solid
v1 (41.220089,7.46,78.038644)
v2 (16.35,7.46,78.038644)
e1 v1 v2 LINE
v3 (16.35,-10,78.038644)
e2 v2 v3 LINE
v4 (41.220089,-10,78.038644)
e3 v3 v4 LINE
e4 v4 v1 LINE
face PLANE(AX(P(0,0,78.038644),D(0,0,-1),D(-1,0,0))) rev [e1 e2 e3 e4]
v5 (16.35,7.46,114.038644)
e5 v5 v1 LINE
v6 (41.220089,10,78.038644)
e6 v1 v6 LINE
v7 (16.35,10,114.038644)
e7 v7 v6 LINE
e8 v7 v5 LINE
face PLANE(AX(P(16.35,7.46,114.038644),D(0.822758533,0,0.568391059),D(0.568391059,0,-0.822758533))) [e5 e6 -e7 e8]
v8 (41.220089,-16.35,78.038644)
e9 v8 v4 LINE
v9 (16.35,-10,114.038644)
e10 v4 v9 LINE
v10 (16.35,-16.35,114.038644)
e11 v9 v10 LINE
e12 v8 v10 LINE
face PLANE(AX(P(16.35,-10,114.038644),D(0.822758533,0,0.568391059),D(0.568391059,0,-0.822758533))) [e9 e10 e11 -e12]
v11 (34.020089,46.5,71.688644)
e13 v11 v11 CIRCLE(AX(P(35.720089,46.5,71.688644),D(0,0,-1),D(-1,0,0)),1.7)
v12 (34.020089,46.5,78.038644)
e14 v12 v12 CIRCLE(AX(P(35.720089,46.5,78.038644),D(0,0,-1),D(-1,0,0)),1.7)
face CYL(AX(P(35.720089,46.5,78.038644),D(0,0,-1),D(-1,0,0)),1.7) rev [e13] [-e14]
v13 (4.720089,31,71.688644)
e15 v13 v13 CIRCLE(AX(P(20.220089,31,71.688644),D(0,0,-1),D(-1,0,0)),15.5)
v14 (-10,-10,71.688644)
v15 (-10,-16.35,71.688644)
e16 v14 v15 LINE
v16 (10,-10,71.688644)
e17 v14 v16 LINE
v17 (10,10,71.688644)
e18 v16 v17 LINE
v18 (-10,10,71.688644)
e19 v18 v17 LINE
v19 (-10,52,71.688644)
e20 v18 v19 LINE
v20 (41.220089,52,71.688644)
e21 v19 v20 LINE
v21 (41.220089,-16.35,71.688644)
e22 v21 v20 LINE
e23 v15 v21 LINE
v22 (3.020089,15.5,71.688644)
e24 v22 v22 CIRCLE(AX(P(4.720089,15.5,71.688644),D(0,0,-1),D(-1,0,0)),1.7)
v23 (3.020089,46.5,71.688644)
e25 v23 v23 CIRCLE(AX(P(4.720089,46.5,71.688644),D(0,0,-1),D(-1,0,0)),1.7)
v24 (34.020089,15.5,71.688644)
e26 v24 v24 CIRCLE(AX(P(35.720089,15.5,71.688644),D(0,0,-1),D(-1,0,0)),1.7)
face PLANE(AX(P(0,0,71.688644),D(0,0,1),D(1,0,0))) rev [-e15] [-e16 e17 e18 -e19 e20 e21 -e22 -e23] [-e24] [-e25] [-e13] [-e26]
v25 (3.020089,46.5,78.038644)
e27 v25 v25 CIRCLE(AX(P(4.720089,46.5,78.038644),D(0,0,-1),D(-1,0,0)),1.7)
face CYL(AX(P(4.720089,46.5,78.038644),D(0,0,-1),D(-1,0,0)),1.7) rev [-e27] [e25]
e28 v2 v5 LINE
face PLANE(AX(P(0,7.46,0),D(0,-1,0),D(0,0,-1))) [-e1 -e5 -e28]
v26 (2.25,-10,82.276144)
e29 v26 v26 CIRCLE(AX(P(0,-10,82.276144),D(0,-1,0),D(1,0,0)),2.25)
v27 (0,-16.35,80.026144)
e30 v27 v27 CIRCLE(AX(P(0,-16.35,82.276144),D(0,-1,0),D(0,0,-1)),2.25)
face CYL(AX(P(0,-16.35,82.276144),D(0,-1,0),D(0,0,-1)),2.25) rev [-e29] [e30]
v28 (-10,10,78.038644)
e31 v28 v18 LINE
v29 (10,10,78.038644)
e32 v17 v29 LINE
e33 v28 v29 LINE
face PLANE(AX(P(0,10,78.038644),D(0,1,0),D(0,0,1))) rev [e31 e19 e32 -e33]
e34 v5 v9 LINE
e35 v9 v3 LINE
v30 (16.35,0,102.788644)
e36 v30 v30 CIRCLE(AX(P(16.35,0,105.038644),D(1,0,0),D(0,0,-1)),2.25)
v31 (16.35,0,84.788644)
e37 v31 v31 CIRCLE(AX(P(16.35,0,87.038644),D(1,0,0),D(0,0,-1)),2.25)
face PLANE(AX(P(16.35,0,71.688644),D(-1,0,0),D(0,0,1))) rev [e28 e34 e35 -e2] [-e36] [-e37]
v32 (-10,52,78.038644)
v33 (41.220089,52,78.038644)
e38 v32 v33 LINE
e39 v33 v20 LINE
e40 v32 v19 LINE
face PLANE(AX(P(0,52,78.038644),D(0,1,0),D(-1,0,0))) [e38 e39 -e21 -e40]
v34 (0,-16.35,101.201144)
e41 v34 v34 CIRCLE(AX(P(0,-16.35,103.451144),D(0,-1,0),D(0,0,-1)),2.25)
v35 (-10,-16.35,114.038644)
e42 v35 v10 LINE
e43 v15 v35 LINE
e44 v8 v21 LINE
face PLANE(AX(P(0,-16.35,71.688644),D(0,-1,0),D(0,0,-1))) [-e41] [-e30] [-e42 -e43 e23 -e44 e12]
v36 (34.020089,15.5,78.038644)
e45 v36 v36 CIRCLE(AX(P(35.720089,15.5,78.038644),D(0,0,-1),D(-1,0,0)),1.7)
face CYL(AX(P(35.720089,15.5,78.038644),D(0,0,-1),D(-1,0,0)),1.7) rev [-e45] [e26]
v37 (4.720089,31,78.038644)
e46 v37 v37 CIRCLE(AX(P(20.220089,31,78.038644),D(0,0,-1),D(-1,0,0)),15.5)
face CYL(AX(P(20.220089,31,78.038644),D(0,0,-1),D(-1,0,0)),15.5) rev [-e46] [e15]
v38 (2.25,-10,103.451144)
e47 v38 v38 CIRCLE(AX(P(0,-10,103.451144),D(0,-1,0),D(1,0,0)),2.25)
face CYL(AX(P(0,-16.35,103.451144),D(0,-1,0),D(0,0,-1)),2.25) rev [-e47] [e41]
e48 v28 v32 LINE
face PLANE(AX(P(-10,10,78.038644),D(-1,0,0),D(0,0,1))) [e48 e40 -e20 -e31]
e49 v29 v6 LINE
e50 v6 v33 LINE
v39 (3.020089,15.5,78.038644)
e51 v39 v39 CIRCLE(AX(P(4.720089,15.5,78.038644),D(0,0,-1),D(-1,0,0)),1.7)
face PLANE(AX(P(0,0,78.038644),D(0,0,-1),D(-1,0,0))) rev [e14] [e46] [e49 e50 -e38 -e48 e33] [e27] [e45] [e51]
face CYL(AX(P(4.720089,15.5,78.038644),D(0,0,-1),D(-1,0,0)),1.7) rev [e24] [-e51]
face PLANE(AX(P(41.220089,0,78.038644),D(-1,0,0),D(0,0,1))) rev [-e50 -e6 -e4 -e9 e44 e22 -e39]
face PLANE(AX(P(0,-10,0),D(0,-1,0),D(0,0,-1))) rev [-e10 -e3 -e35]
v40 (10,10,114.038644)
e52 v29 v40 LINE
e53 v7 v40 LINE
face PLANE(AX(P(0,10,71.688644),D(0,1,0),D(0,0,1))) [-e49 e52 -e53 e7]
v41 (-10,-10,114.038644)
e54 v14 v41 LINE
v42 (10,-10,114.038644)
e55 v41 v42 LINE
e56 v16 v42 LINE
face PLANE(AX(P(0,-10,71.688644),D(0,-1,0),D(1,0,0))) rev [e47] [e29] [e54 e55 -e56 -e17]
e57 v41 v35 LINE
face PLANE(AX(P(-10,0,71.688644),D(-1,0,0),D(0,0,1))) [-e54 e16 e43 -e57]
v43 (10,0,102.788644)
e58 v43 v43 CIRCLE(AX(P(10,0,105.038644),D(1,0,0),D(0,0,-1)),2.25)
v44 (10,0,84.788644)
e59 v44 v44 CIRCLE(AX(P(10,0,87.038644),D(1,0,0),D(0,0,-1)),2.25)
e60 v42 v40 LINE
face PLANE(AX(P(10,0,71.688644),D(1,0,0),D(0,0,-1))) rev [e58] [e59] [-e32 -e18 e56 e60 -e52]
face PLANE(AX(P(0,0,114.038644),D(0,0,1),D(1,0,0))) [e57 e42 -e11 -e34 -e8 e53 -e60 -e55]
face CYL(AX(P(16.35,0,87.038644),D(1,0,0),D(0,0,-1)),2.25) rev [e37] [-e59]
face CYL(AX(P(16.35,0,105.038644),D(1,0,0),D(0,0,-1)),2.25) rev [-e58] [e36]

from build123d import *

# Parameters (mm, degrees)
SKETCH2_W            = 6.35
SKETCH2_H            = 20
BOSS_EXTRUDE1_DEPTH  = 42.349999882
SKETCH3_R            = 1.7
SKETCH3_W            = 24.870089154
SKETCH3_H            = 26.35
SKETCH3_W_2          = 9.220089154
SKETCH3_H_2          = 42
BOSS_EXTRUDE2_DEPTH  = 6.35
BOSS_EXTRUDE4_DEPTH  = 6.35
M4_CLEARANCE_HOLE1_D = 4.5
M4_CLEARANCE_HOLE2_D = 4.5
BOSS_EXTRUDE5_DEPTH  = 2.54


with BuildPart() as part:
    # Sketch2 → Boss-Extrude1 (new body)
    with BuildSketch(Plane.XY.offset(114.038644373)):
        Polygon((16.35, -10), (10, -10), (-10, -10), (-10, -16.35), (16.35, -16.35), align=None)
        with Locations((13.175, 0)):
            Rectangle(SKETCH2_W, SKETCH2_H)
    extrude(amount=-BOSS_EXTRUDE1_DEPTH)

    # Sketch3 → Boss-Extrude2 (add)
    # profile 1 of 4: a face of its own
    with BuildSketch(Plane(origin=(0, 0, 71.688644491), x_dir=(-1, 0, 0), z_dir=(0, 0, -1))):
        with BuildLine():
            Line((-41.220089154, 10), (-16.35, 10))
            Line((-16.35, 10), (-16.35, 15.990922415))
            ThreePointArc((-16.35, 15.990922415), (-32.472362042, 40.493777386), (-4.720089154, 31))
            ThreePointArc((-4.720089154, 31), (-7.596369472, 22.006018601), (-15.157728044, 16.35))
            Line((-15.157728044, 16.35), (-6.19233234, 16.35))
            ThreePointArc((-6.19233234, 16.35), (-4.720089154, 17.2), (-3.247845967, 16.35))
            Line((-3.247845967, 16.35), (0.779910846, 16.35))
            Line((0.779910846, 16.35), (0.779910846, 52))
            Line((0.779910846, 52), (-41.220089154, 52))
            Line((-41.220089154, 52), (-41.220089154, 10))
        make_face()
        with Locations((-35.720089154, 15.5)):
            Circle(SKETCH3_R, mode=Mode.SUBTRACT)
        with Locations((-35.720089154, 46.5)):
            Circle(SKETCH3_R, mode=Mode.SUBTRACT)
        with Locations((-4.720089154, 46.5)):
            Circle(SKETCH3_R, mode=Mode.SUBTRACT)
    # profile 2 of 4: a face of its own
    with BuildSketch(Plane(origin=(0, 0, 71.688644491), x_dir=(-1, 0, 0), z_dir=(0, 0, -1))):
        with Locations((-28.785044577, -3.175)):
            Rectangle(SKETCH3_W, SKETCH3_H)
    # profile 3 of 4: a face of its own
    with BuildSketch(Plane(origin=(0, 0, 71.688644491), x_dir=(-1, 0, 0), z_dir=(0, 0, -1))):
        with BuildLine():
            Line((-16.35, 15.990922415), (-16.35, 10))
            Line((-16.35, 10), (-10, 10))
            Line((-10, 10), (0.779910846, 10))
            Line((0.779910846, 10), (0.779910846, 16.35))
            Line((0.779910846, 16.35), (-3.247845967, 16.35))
            ThreePointArc((-3.247845967, 16.35), (-3.078015249, 15.939992377), (-3.020089154, 15.5))
            ThreePointArc((-3.020089154, 15.5), (-5.16008153, 13.857926095), (-6.19233234, 16.35))
            Line((-6.19233234, 16.35), (-15.157728044, 16.35))
            ThreePointArc((-15.157728044, 16.35), (-15.750256819, 16.158483942), (-16.35, 15.990922415))
        make_face()
    # profile 4 of 4: a face of its own
    with BuildSketch(Plane(origin=(0, 0, 71.688644491), x_dir=(-1, 0, 0), z_dir=(0, 0, -1))):
        with Locations((5.389955423, 31)):
            Rectangle(SKETCH3_W_2, SKETCH3_H_2)
    extrude(amount=-BOSS_EXTRUDE2_DEPTH)

    # Sketch4 → Boss-Extrude4 (add)
    with BuildSketch(Plane.XZ.offset(16.35)):
        Polygon((16.35, 114.038644373), (41.220089154, 78.038644491), (16.35, 78.038644491), align=None)
    extrude(amount=-BOSS_EXTRUDE4_DEPTH)

    # M4 Clearance Hole1 (through all)
    with Locations(Plane(origin=(16.35, 0, 0), x_dir=(0, 0, -1), z_dir=(1, 0, 0))):
        with Locations((-105.038644403, 0), (-87.038644462, 0)):
            Hole(M4_CLEARANCE_HOLE1_D / 2)

    # M4 Clearance Hole2 (through all)
    with Locations(Plane(origin=(0, -16.35, 0), x_dir=(-1, 0, 0), z_dir=(0, -1, 0))):
        with Locations((0, -82.276144462), (0, -103.451144403)):
            Hole(M4_CLEARANCE_HOLE2_D / 2)

    # Sketch11 → Boss-Extrude5 (add)
    with BuildSketch(Plane(origin=(0, 10, 0), x_dir=(1, 0, 0), z_dir=(0, 1, 0))):
        Polygon((16.35, -114.038644373), (41.220089154, -78.038644491), (16.35, -78.038644491), align=None)
    extrude(amount=-BOSS_EXTRUDE5_DEPTH)


solid = part.part
